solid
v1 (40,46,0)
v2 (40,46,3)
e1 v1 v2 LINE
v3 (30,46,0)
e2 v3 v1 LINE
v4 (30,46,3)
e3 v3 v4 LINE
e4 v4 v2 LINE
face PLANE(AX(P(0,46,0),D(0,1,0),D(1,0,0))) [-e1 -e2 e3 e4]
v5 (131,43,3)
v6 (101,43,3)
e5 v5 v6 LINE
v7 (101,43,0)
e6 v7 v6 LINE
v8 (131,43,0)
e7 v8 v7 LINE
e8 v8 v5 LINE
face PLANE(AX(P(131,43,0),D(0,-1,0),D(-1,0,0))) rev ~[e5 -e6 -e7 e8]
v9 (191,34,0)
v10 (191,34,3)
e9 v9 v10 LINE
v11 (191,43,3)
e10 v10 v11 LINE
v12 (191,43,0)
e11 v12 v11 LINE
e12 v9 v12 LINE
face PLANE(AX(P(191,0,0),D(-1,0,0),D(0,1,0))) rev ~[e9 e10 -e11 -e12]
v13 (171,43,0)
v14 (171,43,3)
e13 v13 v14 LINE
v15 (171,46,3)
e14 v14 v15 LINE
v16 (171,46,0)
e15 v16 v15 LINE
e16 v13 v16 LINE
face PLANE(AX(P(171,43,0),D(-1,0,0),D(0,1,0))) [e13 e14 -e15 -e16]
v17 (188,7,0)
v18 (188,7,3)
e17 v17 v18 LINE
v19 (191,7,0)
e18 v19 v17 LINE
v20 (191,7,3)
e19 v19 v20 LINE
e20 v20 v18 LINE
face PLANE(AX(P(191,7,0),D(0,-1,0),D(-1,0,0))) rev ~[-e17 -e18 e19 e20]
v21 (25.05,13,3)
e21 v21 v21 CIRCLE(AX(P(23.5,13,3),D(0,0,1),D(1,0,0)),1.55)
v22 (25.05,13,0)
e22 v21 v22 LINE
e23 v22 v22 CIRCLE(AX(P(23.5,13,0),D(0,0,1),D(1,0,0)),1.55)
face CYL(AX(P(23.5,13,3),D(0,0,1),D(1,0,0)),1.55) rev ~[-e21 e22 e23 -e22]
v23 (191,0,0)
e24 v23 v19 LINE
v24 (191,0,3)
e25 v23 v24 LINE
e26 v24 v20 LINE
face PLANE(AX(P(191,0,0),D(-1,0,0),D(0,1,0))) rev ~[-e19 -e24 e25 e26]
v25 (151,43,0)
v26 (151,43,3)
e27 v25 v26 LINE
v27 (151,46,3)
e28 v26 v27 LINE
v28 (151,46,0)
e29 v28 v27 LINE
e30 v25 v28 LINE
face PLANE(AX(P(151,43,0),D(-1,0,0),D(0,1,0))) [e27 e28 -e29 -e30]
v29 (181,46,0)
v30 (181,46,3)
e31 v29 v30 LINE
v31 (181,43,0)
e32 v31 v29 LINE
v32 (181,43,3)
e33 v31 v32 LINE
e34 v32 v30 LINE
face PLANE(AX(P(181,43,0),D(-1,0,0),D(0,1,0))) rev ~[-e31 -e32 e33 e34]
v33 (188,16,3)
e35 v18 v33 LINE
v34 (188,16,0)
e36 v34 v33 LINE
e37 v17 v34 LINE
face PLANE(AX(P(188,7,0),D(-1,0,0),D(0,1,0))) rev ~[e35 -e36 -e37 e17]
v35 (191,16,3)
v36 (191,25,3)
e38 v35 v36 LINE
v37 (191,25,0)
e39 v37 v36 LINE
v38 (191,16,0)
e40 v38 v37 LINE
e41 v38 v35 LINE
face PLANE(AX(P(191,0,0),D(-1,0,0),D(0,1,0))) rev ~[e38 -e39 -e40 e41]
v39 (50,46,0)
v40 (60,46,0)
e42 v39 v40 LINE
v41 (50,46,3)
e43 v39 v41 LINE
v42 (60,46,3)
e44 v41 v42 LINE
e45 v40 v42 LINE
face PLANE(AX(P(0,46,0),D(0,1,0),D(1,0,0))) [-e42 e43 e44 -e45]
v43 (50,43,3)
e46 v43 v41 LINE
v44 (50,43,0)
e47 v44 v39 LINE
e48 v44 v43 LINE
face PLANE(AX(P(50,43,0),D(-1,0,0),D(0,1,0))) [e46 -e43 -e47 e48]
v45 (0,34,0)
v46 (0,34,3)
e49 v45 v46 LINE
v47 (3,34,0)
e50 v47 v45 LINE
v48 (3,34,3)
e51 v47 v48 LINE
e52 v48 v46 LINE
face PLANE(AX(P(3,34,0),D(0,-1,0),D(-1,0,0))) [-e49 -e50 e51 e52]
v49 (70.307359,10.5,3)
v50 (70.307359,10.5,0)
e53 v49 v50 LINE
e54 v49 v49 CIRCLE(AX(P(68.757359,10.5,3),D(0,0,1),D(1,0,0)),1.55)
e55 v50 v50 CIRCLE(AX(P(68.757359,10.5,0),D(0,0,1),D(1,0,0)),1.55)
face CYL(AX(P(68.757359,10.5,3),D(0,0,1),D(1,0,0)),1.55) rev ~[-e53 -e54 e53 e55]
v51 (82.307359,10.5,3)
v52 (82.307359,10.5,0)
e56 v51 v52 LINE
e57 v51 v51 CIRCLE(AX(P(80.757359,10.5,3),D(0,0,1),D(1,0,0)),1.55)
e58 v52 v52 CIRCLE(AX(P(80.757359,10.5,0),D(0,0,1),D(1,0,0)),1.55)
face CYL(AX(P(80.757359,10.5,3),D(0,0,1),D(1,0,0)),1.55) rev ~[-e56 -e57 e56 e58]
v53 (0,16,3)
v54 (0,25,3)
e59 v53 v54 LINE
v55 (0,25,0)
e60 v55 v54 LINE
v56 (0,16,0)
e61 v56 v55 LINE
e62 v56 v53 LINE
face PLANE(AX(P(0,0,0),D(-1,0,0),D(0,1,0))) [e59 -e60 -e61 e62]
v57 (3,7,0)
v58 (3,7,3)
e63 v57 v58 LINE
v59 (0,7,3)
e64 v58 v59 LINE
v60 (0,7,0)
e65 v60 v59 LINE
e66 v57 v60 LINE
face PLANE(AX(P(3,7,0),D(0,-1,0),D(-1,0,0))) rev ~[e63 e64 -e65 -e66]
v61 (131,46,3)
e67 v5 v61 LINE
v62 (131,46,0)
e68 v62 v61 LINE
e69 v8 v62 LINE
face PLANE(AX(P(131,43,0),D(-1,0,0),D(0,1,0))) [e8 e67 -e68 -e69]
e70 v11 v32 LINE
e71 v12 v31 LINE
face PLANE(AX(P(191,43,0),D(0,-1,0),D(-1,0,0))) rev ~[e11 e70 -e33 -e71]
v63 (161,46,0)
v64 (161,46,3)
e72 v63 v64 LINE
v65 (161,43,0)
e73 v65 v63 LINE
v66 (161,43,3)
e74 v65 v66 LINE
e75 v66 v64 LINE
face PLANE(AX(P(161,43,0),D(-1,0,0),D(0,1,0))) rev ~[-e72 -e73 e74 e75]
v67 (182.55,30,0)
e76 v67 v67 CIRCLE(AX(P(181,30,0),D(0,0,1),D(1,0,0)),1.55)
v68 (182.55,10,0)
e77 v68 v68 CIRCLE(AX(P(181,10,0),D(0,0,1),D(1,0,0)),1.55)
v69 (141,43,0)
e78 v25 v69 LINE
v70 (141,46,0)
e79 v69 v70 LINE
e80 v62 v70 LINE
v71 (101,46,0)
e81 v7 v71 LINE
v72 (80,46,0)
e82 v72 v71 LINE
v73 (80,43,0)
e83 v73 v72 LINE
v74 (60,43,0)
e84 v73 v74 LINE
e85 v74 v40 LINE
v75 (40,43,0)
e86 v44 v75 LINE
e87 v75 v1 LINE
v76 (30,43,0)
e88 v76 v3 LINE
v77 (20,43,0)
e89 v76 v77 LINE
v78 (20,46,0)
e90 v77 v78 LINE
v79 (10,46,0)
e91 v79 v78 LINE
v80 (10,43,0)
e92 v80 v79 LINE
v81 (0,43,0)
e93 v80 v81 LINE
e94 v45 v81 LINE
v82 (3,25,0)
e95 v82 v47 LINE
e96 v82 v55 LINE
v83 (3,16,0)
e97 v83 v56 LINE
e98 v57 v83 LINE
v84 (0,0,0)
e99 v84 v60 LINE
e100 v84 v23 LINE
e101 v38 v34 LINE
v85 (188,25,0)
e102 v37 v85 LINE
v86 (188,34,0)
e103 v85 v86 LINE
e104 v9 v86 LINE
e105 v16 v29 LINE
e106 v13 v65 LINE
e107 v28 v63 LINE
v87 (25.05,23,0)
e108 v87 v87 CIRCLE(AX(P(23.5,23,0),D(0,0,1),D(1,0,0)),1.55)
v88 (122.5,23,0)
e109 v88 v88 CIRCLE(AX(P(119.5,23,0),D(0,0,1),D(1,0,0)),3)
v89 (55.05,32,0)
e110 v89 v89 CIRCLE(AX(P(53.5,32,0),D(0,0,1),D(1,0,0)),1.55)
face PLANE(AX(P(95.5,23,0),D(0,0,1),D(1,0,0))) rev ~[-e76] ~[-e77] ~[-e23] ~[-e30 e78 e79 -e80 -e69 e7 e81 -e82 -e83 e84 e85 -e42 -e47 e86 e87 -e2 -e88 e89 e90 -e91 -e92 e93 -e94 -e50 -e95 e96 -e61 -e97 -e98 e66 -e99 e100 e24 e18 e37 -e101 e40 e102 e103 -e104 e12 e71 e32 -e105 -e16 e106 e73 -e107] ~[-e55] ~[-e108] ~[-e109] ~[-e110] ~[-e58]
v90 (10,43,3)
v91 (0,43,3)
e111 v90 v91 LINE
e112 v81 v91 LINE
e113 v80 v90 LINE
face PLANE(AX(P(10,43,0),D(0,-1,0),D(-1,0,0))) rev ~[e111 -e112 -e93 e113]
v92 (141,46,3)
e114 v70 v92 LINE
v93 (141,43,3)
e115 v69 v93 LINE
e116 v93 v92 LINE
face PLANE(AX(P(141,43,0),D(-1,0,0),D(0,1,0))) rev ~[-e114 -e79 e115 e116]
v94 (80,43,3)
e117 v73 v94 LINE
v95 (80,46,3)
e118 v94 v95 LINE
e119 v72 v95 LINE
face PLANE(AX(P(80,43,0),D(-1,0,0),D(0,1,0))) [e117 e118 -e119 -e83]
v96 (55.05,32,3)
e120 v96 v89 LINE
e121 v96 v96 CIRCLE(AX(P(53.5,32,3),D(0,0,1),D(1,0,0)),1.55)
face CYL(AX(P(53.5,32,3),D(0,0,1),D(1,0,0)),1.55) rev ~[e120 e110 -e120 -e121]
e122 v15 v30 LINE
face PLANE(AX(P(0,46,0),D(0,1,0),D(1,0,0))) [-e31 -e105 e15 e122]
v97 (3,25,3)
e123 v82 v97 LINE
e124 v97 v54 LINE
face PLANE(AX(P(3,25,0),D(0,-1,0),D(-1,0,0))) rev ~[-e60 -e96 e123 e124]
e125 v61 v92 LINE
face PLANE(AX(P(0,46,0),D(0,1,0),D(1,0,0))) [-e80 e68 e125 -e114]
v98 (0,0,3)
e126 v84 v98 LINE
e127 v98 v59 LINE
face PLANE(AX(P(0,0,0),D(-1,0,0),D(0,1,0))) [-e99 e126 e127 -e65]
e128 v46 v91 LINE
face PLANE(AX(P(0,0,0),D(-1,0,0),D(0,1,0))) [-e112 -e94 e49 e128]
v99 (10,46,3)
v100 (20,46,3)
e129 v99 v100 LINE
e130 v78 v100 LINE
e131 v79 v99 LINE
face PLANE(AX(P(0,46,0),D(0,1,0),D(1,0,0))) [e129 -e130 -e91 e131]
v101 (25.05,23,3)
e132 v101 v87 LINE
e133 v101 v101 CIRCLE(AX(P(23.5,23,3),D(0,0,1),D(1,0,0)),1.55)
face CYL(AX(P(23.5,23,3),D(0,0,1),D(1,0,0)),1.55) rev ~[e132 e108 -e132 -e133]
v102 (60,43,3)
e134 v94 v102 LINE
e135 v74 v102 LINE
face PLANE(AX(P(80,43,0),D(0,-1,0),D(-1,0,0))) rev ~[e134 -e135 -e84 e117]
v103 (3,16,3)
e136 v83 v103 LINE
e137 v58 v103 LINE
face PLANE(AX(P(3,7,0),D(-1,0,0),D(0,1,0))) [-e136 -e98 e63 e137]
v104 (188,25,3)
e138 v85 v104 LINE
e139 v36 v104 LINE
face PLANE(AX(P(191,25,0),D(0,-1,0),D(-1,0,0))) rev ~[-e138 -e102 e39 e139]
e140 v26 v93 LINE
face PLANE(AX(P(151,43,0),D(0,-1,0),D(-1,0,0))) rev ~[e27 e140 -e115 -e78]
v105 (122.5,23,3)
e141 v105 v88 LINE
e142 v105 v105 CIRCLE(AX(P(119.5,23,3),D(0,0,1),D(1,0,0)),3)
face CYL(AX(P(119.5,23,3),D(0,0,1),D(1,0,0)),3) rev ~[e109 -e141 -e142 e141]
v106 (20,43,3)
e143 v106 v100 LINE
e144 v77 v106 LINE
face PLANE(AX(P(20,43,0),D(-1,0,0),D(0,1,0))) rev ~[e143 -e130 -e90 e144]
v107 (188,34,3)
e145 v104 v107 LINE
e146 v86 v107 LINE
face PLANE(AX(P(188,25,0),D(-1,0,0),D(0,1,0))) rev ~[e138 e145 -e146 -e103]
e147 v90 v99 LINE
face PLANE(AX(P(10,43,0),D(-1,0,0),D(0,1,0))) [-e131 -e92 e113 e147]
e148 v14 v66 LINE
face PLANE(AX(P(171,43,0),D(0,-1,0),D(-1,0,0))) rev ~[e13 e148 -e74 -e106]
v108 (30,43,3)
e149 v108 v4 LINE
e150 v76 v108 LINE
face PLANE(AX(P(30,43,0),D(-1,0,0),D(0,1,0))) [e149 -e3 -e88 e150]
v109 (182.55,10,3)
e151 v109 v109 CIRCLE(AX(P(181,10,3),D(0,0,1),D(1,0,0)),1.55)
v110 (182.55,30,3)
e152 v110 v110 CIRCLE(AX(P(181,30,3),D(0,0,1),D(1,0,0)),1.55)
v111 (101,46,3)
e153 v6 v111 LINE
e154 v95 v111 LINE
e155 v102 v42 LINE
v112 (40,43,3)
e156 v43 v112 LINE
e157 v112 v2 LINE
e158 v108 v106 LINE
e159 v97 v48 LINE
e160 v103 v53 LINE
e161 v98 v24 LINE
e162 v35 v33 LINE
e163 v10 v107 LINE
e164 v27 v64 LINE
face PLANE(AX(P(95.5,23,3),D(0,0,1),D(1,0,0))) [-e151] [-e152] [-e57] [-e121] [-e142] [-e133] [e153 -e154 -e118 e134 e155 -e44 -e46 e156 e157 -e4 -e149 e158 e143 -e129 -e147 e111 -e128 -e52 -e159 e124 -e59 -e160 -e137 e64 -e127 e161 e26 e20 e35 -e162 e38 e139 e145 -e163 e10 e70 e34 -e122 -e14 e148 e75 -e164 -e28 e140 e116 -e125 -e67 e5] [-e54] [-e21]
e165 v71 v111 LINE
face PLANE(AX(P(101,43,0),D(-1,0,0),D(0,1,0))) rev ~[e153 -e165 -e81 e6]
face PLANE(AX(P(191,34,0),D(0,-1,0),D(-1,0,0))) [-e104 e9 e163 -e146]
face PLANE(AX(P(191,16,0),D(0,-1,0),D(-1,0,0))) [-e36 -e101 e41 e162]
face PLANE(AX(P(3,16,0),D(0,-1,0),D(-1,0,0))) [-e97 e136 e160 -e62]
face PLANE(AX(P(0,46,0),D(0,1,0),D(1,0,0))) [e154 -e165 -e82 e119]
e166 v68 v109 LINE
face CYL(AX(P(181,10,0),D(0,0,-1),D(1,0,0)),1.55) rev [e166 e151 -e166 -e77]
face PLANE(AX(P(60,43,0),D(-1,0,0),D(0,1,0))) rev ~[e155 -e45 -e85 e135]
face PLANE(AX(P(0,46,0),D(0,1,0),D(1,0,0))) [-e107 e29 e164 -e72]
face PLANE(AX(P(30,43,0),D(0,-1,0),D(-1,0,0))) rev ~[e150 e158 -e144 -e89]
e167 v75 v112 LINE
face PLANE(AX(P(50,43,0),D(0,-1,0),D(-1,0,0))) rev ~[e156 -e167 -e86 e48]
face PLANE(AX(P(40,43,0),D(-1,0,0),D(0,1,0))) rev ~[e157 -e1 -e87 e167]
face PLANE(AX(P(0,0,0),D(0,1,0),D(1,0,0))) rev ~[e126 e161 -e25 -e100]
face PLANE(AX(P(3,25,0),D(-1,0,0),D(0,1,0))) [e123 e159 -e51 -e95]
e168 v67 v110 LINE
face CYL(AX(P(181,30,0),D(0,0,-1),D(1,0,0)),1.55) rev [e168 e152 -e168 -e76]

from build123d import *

# Parameters (mm, degrees)
SKETCH1_W           = 191
SKETCH1_H           = 46
SKETCH1_R           = 1.549999948
BOSS_EXTRUDE1_DEPTH = 3
CUT_EXTRUDE1_REACH  = 5
SKETCH4_W           = 10
SKETCH4_H           = 3
SKETCH4_W_2         = 20
SKETCH4_W_3         = 30
CUT_EXTRUDE2_REACH  = 5
SKETCH5_W           = 3
SKETCH5_H           = 9
CUT_EXTRUDE3_REACH  = 5
SKETCH6_W           = 3
SKETCH6_H           = 9
CUT_EXTRUDE4_REACH  = 5
SKETCH7_R           = 3
CUT_EXTRUDE5_REACH  = 5
SKETCH8_R           = 1.55


with BuildPart() as part:
    # Sketch1 → Boss-Extrude1 (new body)
    with BuildSketch(Plane.XY):
        with Locations((95.5, 23)):
            Rectangle(SKETCH1_W, SKETCH1_H)
        with Locations((181, 30)):
            Circle(SKETCH1_R, mode=Mode.SUBTRACT)
        with Locations((181, 10)):
            Circle(SKETCH1_R, mode=Mode.SUBTRACT)
    extrude(amount=BOSS_EXTRUDE1_DEPTH)

    # Sketch4 → Cut-Extrude1 (cut, up to next)
    with BuildSketch(Plane(origin=(0, 0, 0), x_dir=(-1, 0, 0), z_dir=(0, 0, -1)), mode=Mode.PRIVATE) as cut_extrude1_sk1:
        with Locations((-5, 44.5)):
            Rectangle(SKETCH4_W, SKETCH4_H)
    cut_extrude1_tool1 = extrude(cut_extrude1_sk1.sketch, amount=-CUT_EXTRUDE1_REACH, mode=Mode.PRIVATE) & part.part
    add(cut_extrude1_tool1.solids().sort_by_distance((5, 44.5, 0))[0], mode=Mode.SUBTRACT)
    # Sketch4 → Cut-Extrude1 (cut, up to next)
    with BuildSketch(Plane(origin=(0, 0, 0), x_dir=(-1, 0, 0), z_dir=(0, 0, -1)), mode=Mode.PRIVATE) as cut_extrude1_sk2:
        with Locations((-25, 44.5)):
            Rectangle(SKETCH4_W, SKETCH4_H)
    cut_extrude1_tool2 = extrude(cut_extrude1_sk2.sketch, amount=-CUT_EXTRUDE1_REACH, mode=Mode.PRIVATE) & part.part
    add(cut_extrude1_tool2.solids().sort_by_distance((25, 44.5, 0))[0], mode=Mode.SUBTRACT)
    # Sketch4 → Cut-Extrude1 (cut, up to next)
    with BuildSketch(Plane(origin=(0, 0, 0), x_dir=(-1, 0, 0), z_dir=(0, 0, -1)), mode=Mode.PRIVATE) as cut_extrude1_sk3:
        with Locations((-45, 44.5)):
            Rectangle(SKETCH4_W, SKETCH4_H)
    cut_extrude1_tool3 = extrude(cut_extrude1_sk3.sketch, amount=-CUT_EXTRUDE1_REACH, mode=Mode.PRIVATE) & part.part
    add(cut_extrude1_tool3.solids().sort_by_distance((45, 44.5, 0))[0], mode=Mode.SUBTRACT)
    # Sketch4 → Cut-Extrude1 (cut, up to next)
    with BuildSketch(Plane(origin=(0, 0, 0), x_dir=(-1, 0, 0), z_dir=(0, 0, -1)), mode=Mode.PRIVATE) as cut_extrude1_sk4:
        with Locations((-70, 44.5)):
            Rectangle(SKETCH4_W_2, SKETCH4_H)
    cut_extrude1_tool4 = extrude(cut_extrude1_sk4.sketch, amount=-CUT_EXTRUDE1_REACH, mode=Mode.PRIVATE) & part.part
    add(cut_extrude1_tool4.solids().sort_by_distance((70, 44.5, 0))[0], mode=Mode.SUBTRACT)
    # Sketch4 → Cut-Extrude1 (cut, up to next)
    with BuildSketch(Plane(origin=(0, 0, 0), x_dir=(-1, 0, 0), z_dir=(0, 0, -1)), mode=Mode.PRIVATE) as cut_extrude1_sk5:
        with Locations((-116, 44.5)):
            Rectangle(SKETCH4_W_3, SKETCH4_H)
    cut_extrude1_tool5 = extrude(cut_extrude1_sk5.sketch, amount=-CUT_EXTRUDE1_REACH, mode=Mode.PRIVATE) & part.part
    add(cut_extrude1_tool5.solids().sort_by_distance((116, 44.5, 0))[0], mode=Mode.SUBTRACT)
    # Sketch4 → Cut-Extrude1 (cut, up to next)
    with BuildSketch(Plane(origin=(0, 0, 0), x_dir=(-1, 0, 0), z_dir=(0, 0, -1)), mode=Mode.PRIVATE) as cut_extrude1_sk6:
        with Locations((-146, 44.5)):
            Rectangle(SKETCH4_W, SKETCH4_H)
    cut_extrude1_tool6 = extrude(cut_extrude1_sk6.sketch, amount=-CUT_EXTRUDE1_REACH, mode=Mode.PRIVATE) & part.part
    add(cut_extrude1_tool6.solids().sort_by_distance((146, 44.5, 0))[0], mode=Mode.SUBTRACT)
    # Sketch4 → Cut-Extrude1 (cut, up to next)
    with BuildSketch(Plane(origin=(0, 0, 0), x_dir=(-1, 0, 0), z_dir=(0, 0, -1)), mode=Mode.PRIVATE) as cut_extrude1_sk7:
        with Locations((-166, 44.5)):
            Rectangle(SKETCH4_W, SKETCH4_H)
    cut_extrude1_tool7 = extrude(cut_extrude1_sk7.sketch, amount=-CUT_EXTRUDE1_REACH, mode=Mode.PRIVATE) & part.part
    add(cut_extrude1_tool7.solids().sort_by_distance((166, 44.5, 0))[0], mode=Mode.SUBTRACT)
    # Sketch4 → Cut-Extrude1 (cut, up to next)
    with BuildSketch(Plane(origin=(0, 0, 0), x_dir=(-1, 0, 0), z_dir=(0, 0, -1)), mode=Mode.PRIVATE) as cut_extrude1_sk8:
        with Locations((-186, 44.5)):
            Rectangle(SKETCH4_W, SKETCH4_H)
    cut_extrude1_tool8 = extrude(cut_extrude1_sk8.sketch, amount=-CUT_EXTRUDE1_REACH, mode=Mode.PRIVATE) & part.part
    add(cut_extrude1_tool8.solids().sort_by_distance((186, 44.5, 0))[0], mode=Mode.SUBTRACT)

    # Sketch5 → Cut-Extrude2 (cut, up to next)
    with BuildSketch(Plane(origin=(0, 0, 0), x_dir=(-1, 0, 0), z_dir=(0, 0, -1)), mode=Mode.PRIVATE) as cut_extrude2_sk1:
        with Locations((-1.5, 29.5)):
            Rectangle(SKETCH5_W, SKETCH5_H)
    cut_extrude2_tool1 = extrude(cut_extrude2_sk1.sketch, amount=-CUT_EXTRUDE2_REACH, mode=Mode.PRIVATE) & part.part
    add(cut_extrude2_tool1.solids().sort_by_distance((1.5, 29.5, 0))[0], mode=Mode.SUBTRACT)
    # Sketch5 → Cut-Extrude2 (cut, up to next)
    with BuildSketch(Plane(origin=(0, 0, 0), x_dir=(-1, 0, 0), z_dir=(0, 0, -1)), mode=Mode.PRIVATE) as cut_extrude2_sk2:
        with Locations((-1.5, 11.5)):
            Rectangle(SKETCH5_W, SKETCH5_H)
    cut_extrude2_tool2 = extrude(cut_extrude2_sk2.sketch, amount=-CUT_EXTRUDE2_REACH, mode=Mode.PRIVATE) & part.part
    add(cut_extrude2_tool2.solids().sort_by_distance((1.5, 11.5, 0))[0], mode=Mode.SUBTRACT)

    # Sketch6 → Cut-Extrude3 (cut, up to next)
    with BuildSketch(Plane(origin=(0, 0, 0), x_dir=(-1, 0, 0), z_dir=(0, 0, -1)), mode=Mode.PRIVATE) as cut_extrude3_sk1:
        with Locations((-189.5, 29.5)):
            Rectangle(SKETCH6_W, SKETCH6_H)
    cut_extrude3_tool1 = extrude(cut_extrude3_sk1.sketch, amount=-CUT_EXTRUDE3_REACH, mode=Mode.PRIVATE) & part.part
    add(cut_extrude3_tool1.solids().sort_by_distance((189.5, 29.5, 0))[0], mode=Mode.SUBTRACT)
    # Sketch6 → Cut-Extrude3 (cut, up to next)
    with BuildSketch(Plane(origin=(0, 0, 0), x_dir=(-1, 0, 0), z_dir=(0, 0, -1)), mode=Mode.PRIVATE) as cut_extrude3_sk2:
        with Locations((-189.5, 11.5)):
            Rectangle(SKETCH6_W, SKETCH6_H)
    cut_extrude3_tool2 = extrude(cut_extrude3_sk2.sketch, amount=-CUT_EXTRUDE3_REACH, mode=Mode.PRIVATE) & part.part
    add(cut_extrude3_tool2.solids().sort_by_distance((189.5, 11.5, 0))[0], mode=Mode.SUBTRACT)

    # Sketch7 → Cut-Extrude4 (cut, up to next)
    with BuildSketch(Plane.XY.offset(3), mode=Mode.PRIVATE) as cut_extrude4_sk1:
        with Locations((119.5, 23)):
            Circle(SKETCH7_R)
    cut_extrude4_tool1 = extrude(cut_extrude4_sk1.sketch, amount=-CUT_EXTRUDE4_REACH, mode=Mode.PRIVATE) & part.part
    add(cut_extrude4_tool1.solids().sort_by_distance((119.5, 23, 3))[0], mode=Mode.SUBTRACT)

    # Sketch8 → Cut-Extrude5 (cut, up to next)
    with BuildSketch(Plane.XY.offset(3), mode=Mode.PRIVATE) as cut_extrude5_sk1:
        with Locations((23.5, 13)):
            Circle(SKETCH8_R)
    cut_extrude5_tool1 = extrude(cut_extrude5_sk1.sketch, amount=-CUT_EXTRUDE5_REACH, mode=Mode.PRIVATE) & part.part
    add(cut_extrude5_tool1.solids().sort_by_distance((23.5, 13, 3))[0], mode=Mode.SUBTRACT)
    # Sketch8 → Cut-Extrude5 (cut, up to next)
    with BuildSketch(Plane.XY.offset(3), mode=Mode.PRIVATE) as cut_extrude5_sk2:
        with Locations((23.5, 23)):
            Circle(SKETCH8_R)
    cut_extrude5_tool2 = extrude(cut_extrude5_sk2.sketch, amount=-CUT_EXTRUDE5_REACH, mode=Mode.PRIVATE) & part.part
    add(cut_extrude5_tool2.solids().sort_by_distance((23.5, 23, 3))[0], mode=Mode.SUBTRACT)
    # Sketch8 → Cut-Extrude5 (cut, up to next)
    with BuildSketch(Plane.XY.offset(3), mode=Mode.PRIVATE) as cut_extrude5_sk3:
        with Locations((53.5, 32)):
            Circle(SKETCH8_R)
    cut_extrude5_tool3 = extrude(cut_extrude5_sk3.sketch, amount=-CUT_EXTRUDE5_REACH, mode=Mode.PRIVATE) & part.part
    add(cut_extrude5_tool3.solids().sort_by_distance((53.5, 32, 3))[0], mode=Mode.SUBTRACT)
    # Sketch8 → Cut-Extrude5 (cut, up to next)
    with BuildSketch(Plane.XY.offset(3), mode=Mode.PRIVATE) as cut_extrude5_sk4:
        with Locations((68.757359313, 10.5)):
            Circle(SKETCH8_R)
    cut_extrude5_tool4 = extrude(cut_extrude5_sk4.sketch, amount=-CUT_EXTRUDE5_REACH, mode=Mode.PRIVATE) & part.part
    add(cut_extrude5_tool4.solids().sort_by_distance((68.757359, 10.5, 3))[0], mode=Mode.SUBTRACT)
    # Sketch8 → Cut-Extrude5 (cut, up to next)
    with BuildSketch(Plane.XY.offset(3), mode=Mode.PRIVATE) as cut_extrude5_sk5:
        with Locations((80.757359313, 10.5)):
            Circle(SKETCH8_R)
    cut_extrude5_tool5 = extrude(cut_extrude5_sk5.sketch, amount=-CUT_EXTRUDE5_REACH, mode=Mode.PRIVATE) & part.part
    add(cut_extrude5_tool5.solids().sort_by_distance((80.757359, 10.5, 3))[0], mode=Mode.SUBTRACT)


solid = part.part
